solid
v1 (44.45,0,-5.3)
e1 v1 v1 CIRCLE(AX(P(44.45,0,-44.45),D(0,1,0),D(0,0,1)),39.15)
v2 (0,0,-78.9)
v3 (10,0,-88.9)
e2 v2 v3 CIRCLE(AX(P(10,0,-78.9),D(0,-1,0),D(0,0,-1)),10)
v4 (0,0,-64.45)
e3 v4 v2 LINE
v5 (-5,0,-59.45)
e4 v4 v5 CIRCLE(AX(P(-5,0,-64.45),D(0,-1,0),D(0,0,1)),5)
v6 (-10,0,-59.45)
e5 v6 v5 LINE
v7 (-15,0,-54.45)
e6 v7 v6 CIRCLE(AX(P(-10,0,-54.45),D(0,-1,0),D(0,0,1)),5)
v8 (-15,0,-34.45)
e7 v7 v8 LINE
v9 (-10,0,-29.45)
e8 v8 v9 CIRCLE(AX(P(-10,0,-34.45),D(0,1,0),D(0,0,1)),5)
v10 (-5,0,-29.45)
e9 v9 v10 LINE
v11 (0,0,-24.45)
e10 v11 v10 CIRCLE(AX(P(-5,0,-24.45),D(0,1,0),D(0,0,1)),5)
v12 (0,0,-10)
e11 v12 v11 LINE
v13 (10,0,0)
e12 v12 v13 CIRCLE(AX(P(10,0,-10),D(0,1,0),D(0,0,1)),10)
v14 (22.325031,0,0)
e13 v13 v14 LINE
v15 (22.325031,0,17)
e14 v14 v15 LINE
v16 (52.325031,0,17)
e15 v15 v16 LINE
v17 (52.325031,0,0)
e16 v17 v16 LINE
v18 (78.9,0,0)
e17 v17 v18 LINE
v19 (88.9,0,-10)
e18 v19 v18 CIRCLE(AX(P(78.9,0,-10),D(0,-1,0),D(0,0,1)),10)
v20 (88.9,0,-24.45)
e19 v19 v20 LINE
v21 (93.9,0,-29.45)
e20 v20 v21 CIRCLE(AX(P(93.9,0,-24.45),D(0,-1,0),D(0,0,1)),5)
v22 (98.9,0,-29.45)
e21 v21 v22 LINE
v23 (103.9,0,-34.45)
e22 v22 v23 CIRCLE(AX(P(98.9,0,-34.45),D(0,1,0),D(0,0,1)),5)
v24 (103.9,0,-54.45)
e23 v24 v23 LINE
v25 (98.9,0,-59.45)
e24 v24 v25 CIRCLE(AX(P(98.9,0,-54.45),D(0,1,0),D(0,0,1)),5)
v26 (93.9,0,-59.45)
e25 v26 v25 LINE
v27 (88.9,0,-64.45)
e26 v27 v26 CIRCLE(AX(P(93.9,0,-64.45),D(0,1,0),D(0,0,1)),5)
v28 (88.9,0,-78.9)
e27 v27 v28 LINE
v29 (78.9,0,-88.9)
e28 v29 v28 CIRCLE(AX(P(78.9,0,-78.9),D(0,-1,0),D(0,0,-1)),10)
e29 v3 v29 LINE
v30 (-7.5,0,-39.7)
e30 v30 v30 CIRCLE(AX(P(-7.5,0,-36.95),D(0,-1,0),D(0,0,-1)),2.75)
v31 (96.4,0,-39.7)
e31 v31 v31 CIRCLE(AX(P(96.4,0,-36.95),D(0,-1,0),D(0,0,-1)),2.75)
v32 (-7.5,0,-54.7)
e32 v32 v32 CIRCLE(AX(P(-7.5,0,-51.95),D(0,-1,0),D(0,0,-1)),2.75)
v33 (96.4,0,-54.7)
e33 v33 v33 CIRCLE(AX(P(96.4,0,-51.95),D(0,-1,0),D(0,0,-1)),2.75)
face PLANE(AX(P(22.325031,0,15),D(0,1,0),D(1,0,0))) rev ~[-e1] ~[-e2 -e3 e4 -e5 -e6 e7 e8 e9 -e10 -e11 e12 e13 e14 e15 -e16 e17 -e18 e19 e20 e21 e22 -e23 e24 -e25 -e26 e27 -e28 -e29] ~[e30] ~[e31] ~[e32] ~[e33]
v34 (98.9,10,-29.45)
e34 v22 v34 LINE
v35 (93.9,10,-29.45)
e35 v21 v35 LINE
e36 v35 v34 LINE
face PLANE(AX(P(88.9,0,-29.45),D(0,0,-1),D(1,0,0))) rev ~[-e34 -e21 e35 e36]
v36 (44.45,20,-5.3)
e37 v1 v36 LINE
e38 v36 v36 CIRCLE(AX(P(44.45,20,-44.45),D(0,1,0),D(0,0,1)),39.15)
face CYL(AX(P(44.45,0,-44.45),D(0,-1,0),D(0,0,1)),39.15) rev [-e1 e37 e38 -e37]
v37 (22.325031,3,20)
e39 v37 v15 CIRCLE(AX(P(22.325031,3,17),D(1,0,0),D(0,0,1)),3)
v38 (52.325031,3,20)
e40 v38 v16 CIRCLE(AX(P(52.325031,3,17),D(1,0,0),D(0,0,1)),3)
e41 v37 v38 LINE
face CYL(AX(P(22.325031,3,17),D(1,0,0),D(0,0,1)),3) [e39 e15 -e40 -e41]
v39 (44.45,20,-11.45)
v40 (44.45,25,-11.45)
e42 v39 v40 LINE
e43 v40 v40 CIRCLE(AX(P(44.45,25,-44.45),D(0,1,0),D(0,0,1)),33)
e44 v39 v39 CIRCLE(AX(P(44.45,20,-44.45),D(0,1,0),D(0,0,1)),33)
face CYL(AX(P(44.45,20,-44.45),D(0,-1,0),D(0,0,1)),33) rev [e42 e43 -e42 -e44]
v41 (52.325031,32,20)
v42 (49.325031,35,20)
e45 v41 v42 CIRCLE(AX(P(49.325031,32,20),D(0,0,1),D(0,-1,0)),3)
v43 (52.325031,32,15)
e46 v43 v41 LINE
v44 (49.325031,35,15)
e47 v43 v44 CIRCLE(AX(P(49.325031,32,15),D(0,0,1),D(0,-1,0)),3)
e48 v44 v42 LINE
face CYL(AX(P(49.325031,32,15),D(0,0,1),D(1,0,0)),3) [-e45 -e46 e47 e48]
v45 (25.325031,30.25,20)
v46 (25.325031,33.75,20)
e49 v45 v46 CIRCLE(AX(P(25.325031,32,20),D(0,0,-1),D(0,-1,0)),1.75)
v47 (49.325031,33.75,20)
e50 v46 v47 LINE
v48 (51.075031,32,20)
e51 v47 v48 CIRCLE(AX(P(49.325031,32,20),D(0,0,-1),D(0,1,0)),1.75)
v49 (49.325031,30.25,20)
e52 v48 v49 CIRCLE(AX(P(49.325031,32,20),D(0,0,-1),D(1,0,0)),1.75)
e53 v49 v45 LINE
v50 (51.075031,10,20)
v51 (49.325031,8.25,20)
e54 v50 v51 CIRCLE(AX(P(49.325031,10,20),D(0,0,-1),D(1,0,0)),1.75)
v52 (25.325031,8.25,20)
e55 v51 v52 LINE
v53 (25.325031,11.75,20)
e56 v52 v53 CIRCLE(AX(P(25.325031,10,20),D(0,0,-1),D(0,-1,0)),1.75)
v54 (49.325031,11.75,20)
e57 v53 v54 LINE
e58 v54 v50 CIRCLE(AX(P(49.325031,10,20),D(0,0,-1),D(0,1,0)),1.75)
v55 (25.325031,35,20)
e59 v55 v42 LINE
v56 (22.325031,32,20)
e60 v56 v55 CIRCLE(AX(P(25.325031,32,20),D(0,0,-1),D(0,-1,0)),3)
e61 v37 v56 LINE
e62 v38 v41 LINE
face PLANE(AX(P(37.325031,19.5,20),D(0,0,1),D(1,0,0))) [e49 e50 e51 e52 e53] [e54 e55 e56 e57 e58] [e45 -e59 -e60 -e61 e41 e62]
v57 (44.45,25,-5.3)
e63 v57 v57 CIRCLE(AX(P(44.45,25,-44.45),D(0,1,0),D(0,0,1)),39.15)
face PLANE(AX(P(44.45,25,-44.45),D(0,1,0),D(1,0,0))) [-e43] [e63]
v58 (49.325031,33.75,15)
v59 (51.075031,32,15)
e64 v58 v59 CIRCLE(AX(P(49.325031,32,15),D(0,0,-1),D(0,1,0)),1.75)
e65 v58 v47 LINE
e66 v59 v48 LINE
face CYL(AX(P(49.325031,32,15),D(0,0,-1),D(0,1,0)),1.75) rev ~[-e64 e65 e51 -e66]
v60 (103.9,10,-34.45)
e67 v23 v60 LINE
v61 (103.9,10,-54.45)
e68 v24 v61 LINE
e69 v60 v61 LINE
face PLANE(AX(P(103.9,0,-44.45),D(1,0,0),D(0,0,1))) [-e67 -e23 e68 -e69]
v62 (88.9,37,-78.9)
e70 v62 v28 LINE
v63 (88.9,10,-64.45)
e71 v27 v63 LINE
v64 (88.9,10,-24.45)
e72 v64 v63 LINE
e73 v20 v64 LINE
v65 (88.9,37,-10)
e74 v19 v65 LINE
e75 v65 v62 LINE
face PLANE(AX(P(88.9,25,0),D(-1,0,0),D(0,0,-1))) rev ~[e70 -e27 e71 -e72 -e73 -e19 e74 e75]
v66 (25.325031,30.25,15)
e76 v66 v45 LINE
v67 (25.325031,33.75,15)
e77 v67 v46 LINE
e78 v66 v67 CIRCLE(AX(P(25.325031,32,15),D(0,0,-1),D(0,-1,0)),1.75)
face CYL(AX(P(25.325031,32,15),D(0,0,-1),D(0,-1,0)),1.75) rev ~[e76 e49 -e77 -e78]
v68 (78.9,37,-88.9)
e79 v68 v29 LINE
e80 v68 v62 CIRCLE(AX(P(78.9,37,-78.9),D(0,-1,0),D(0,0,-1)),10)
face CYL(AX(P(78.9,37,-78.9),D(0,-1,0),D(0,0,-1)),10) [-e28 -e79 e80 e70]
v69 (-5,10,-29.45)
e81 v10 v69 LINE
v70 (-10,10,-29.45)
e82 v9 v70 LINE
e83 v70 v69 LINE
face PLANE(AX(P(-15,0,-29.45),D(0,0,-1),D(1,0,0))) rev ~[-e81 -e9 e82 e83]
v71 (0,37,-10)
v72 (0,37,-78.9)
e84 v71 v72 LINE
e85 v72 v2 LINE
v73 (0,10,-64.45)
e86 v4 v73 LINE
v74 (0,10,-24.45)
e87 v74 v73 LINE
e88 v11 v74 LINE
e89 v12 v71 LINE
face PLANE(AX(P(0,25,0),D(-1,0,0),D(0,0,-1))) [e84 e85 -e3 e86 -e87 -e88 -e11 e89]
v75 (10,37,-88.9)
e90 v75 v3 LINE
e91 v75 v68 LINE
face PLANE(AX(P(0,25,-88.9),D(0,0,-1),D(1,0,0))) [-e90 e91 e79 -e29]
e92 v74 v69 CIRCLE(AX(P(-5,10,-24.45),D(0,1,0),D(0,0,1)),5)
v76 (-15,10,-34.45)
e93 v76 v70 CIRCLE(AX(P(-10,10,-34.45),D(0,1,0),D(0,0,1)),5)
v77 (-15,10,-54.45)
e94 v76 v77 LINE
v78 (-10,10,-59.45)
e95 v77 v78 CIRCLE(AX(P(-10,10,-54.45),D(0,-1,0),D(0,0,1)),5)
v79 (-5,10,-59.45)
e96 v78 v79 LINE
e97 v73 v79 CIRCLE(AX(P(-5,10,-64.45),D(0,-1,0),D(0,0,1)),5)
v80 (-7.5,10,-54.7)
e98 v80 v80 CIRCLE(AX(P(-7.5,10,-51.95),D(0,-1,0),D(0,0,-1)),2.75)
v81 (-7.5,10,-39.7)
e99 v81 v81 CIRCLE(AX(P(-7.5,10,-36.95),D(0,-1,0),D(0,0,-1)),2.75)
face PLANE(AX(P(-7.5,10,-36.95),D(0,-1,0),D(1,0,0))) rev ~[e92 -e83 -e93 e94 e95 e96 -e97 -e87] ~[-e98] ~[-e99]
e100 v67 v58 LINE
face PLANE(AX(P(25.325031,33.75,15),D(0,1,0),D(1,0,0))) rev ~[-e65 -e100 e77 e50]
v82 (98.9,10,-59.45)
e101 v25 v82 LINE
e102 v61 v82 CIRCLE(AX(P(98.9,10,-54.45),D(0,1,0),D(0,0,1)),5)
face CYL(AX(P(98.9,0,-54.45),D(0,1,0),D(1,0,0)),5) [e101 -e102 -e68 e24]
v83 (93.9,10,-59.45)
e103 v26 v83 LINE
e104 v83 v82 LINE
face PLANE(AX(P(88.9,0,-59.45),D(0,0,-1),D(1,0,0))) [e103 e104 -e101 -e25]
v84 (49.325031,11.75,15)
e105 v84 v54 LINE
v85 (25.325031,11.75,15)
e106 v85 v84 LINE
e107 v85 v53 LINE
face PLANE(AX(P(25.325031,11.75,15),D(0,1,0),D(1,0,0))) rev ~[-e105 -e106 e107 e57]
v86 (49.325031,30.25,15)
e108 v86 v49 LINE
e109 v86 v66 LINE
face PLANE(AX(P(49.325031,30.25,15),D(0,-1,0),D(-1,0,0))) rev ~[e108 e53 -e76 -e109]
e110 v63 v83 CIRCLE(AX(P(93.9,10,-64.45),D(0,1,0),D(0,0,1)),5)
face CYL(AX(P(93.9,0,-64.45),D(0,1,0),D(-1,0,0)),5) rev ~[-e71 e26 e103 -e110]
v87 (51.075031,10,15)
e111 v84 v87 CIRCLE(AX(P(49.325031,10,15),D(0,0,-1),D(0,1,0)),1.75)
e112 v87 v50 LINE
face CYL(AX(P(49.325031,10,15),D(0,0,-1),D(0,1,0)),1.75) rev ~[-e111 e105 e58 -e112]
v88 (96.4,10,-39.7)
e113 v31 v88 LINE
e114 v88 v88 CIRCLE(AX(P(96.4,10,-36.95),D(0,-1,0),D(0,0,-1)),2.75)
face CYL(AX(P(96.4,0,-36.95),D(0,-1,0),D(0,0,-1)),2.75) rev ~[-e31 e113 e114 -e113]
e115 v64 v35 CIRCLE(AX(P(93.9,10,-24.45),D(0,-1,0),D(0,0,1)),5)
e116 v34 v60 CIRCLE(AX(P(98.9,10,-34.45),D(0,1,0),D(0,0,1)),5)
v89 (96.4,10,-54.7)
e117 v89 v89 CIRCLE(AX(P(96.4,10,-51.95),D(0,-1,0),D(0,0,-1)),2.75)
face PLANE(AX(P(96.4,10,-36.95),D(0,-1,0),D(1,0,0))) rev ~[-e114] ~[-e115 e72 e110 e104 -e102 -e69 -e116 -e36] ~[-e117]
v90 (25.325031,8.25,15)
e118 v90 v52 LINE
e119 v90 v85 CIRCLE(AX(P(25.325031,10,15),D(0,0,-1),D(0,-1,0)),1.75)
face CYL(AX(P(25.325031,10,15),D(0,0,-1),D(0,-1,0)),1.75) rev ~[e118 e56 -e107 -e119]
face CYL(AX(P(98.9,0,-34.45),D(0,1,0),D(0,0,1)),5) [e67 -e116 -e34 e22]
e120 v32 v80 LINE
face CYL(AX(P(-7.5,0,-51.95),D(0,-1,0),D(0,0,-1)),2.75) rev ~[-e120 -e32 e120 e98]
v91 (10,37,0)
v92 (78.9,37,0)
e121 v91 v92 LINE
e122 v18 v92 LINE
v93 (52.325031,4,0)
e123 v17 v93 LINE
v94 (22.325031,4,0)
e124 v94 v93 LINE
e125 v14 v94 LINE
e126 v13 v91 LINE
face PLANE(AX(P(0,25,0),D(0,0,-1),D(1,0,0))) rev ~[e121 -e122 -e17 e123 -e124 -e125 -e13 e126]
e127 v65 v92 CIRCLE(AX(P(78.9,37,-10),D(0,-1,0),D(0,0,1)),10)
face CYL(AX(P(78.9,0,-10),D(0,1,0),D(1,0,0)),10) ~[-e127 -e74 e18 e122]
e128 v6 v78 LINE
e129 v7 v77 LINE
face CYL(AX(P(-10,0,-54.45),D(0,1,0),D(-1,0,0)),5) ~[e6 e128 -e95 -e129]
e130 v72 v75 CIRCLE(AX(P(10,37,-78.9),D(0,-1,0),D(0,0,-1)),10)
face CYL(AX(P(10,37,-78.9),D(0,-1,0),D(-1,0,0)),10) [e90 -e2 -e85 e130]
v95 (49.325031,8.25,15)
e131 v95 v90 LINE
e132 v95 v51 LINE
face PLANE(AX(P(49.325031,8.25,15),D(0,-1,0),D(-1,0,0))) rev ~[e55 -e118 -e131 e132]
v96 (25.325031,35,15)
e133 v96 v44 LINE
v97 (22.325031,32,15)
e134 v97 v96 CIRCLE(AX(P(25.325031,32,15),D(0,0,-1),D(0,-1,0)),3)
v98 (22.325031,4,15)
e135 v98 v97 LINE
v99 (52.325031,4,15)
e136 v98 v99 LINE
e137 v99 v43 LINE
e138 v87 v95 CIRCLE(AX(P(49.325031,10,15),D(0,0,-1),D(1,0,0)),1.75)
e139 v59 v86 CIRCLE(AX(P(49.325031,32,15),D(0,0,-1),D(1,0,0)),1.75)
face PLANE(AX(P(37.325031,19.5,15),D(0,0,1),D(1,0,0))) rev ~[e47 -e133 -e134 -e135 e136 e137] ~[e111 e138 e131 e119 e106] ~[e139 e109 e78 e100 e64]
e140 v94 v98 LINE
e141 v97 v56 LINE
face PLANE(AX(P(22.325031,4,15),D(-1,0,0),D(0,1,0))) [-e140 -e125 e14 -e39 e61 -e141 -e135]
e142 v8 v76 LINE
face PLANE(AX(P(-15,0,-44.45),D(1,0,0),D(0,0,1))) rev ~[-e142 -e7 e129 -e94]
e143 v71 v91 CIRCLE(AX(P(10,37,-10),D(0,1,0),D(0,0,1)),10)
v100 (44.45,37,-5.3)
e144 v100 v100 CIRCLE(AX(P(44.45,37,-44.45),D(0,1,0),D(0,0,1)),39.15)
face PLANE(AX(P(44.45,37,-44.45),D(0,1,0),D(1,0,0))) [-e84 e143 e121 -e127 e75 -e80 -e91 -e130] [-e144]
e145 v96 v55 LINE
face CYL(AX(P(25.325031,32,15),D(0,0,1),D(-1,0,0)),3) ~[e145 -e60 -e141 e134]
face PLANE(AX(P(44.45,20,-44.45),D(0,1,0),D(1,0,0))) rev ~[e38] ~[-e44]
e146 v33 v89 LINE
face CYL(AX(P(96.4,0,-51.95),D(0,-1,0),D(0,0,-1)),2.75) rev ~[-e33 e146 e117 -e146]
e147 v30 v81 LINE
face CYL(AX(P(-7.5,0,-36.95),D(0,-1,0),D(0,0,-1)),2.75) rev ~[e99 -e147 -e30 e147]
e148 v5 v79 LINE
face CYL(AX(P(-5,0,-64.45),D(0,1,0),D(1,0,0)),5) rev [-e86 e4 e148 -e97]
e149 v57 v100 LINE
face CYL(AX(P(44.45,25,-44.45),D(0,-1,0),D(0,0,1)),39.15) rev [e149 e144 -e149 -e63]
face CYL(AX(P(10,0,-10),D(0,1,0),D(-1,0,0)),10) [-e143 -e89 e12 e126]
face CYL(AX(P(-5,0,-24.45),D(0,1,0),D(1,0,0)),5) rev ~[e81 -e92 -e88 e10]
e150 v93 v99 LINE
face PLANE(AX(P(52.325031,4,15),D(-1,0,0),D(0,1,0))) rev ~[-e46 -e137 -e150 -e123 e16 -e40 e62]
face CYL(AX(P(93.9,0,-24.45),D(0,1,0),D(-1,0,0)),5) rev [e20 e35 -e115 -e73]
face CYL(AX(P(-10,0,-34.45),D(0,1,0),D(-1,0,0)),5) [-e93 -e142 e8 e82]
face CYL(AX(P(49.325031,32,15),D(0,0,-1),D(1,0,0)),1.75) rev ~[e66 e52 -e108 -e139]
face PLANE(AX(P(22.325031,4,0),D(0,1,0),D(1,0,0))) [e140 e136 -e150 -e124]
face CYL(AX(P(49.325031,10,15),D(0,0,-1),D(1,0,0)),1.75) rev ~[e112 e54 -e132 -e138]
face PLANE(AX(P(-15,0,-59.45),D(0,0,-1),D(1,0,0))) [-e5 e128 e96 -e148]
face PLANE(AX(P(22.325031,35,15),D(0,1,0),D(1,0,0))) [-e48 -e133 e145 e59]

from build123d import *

# Parameters (mm, degrees)
SKETCH1_W           = 88.9
SKETCH1_H           = 88.9
SKETCH1_R           = 39.15
BOSS_EXTRUDE1_DEPTH = 20
SKETCH2_W           = 88.9
SKETCH2_H           = 88.9
SKETCH2_R           = 33
BOSS_EXTRUDE3_DEPTH = 5
SKETCH3_W           = 88.9
SKETCH3_H           = 88.9
SKETCH3_R           = 39.15
BOSS_EXTRUDE4_DEPTH = 12
SKETCH4_W           = 15
SKETCH4_H           = 15
SKETCH4_R           = 2.75
BOSS_EXTRUDE5_DEPTH = 10
FILLET1_R           = 5
FILLET2_R           = 10
SKETCH5_W           = 30
SKETCH5_H           = 4
BOSS_EXTRUDE6_DEPTH = 15
SKETCH6_W           = 30
SKETCH6_H           = 31
SKETCH6_H_2         = 4
BOSS_EXTRUDE7_DEPTH = 5
FILLET3_R           = 3


with BuildPart() as part:
    # Sketch1 → Boss-Extrude1 (new body)
    with BuildSketch(Plane(origin=(0, 0, 0), x_dir=(1, 0, 0), z_dir=(0, 1, 0))):
        with Locations((44.45, 44.45)):
            Rectangle(SKETCH1_W, SKETCH1_H)
        with Locations(Location((44.45, 44.45, 0), (0, 0, 270))):
            Circle(SKETCH1_R, mode=Mode.SUBTRACT)
    extrude(amount=BOSS_EXTRUDE1_DEPTH)

    # Sketch2 → Boss-Extrude3 (add)
    with BuildSketch(Plane(origin=(0, 20, 0), x_dir=(1, 0, 0), z_dir=(0, 1, 0))):
        with Locations((44.45, 44.45)):
            Rectangle(SKETCH2_W, SKETCH2_H)
        with Locations(Location((44.45, 44.45, 0), (0, 0, 270))):
            Circle(SKETCH2_R, mode=Mode.SUBTRACT)
    extrude(amount=BOSS_EXTRUDE3_DEPTH)

    # Sketch3 → Boss-Extrude4 (add)
    with BuildSketch(Plane(origin=(0, 25, 0), x_dir=(1, 0, 0), z_dir=(0, 1, 0))):
        with Locations((44.45, 44.45)):
            Rectangle(SKETCH3_W, SKETCH3_H)
        with Locations(Location((44.45, 44.45, 0), (0, 0, 270))):
            Circle(SKETCH3_R, mode=Mode.SUBTRACT)
    extrude(amount=BOSS_EXTRUDE4_DEPTH)

    # Sketch4 → Boss-Extrude5 (add)
    # profile 1 of 4: a face of its own
    with BuildSketch(Plane.XZ):
        with Locations((-7.5, -36.95)):
            Rectangle(SKETCH4_W, SKETCH4_H)
        with Locations(Location((-7.5, -36.95, 0), (0, 0, 270))):
            Circle(SKETCH4_R, mode=Mode.SUBTRACT)
    # profile 2 of 4: a face of its own
    with BuildSketch(Plane.XZ):
        with Locations((-7.5, -51.95)):
            Rectangle(SKETCH4_W, SKETCH4_H)
        with Locations(Location((-7.5, -51.95, 0), (0, 0, 270))):
            Circle(SKETCH4_R, mode=Mode.SUBTRACT)
    # profile 3 of 4: a face of its own
    with BuildSketch(Plane.XZ):
        with Locations((96.4, -36.95)):
            Rectangle(SKETCH4_W, SKETCH4_H)
        with Locations(Location((96.4, -36.95, 0), (0, 0, 270))):
            Circle(SKETCH4_R, mode=Mode.SUBTRACT)
    # profile 4 of 4: a face of its own
    with BuildSketch(Plane.XZ):
        with Locations((96.4, -51.95)):
            Rectangle(SKETCH4_W, SKETCH4_H)
        with Locations(Location((96.4, -51.95, 0), (0, 0, 270))):
            Circle(SKETCH4_R, mode=Mode.SUBTRACT)
    extrude(amount=-BOSS_EXTRUDE5_DEPTH)

    # Fillet1
    fillet1_edges = [part.edges().sort_by_distance(p)[0] for p in [
        (-15, 5, -59.45),
        (-15, 5, -29.45),
        (0, 5, -29.45),
        (0, 5, -59.45),
        (88.9, 5, -59.45),
        (88.9, 5, -29.45),
        (103.9, 5, -29.45),
        (103.9, 5, -59.45),
    ]]
    fillet(fillet1_edges, radius=FILLET1_R)

    # Fillet2
    fillet2_edges = [part.edges().sort_by_distance(p)[0] for p in [
        (0, 18.5, 0),
        (0, 18.5, -88.9),
        (88.9, 18.5, -88.9),
        (88.9, 18.5, 0),
    ]]
    fillet(fillet2_edges, radius=FILLET2_R)

    # Sketch5 → Boss-Extrude6 (add)
    with BuildSketch(Plane.XY):
        with Locations((37.32503103, 2)):
            Rectangle(SKETCH5_W, SKETCH5_H)
    extrude(amount=BOSS_EXTRUDE6_DEPTH)

    # Sketch6 → Boss-Extrude7 (add)
    # profile 1 of 2: a face of its own
    with BuildSketch(Plane.XY.offset(15)):
        with Locations((37.32503103, 19.5)):
            Rectangle(SKETCH6_W, SKETCH6_H)
        with BuildLine():
            ThreePointArc((25.32503103, 8.25), (23.57503103, 10), (25.32503103, 11.75))
            Line((25.32503103, 11.75), (49.32503103, 11.75))
            ThreePointArc((49.32503103, 11.75), (50.562467897, 11.237436867), (51.07503103, 10))
            ThreePointArc((51.07503103, 10), (50.562467897, 8.762563133), (49.32503103, 8.25))
            Line((49.32503103, 8.25), (25.32503103, 8.25))
        make_face(mode=Mode.SUBTRACT)
        with BuildLine():
            ThreePointArc((25.32503103, 30.25), (23.57503103, 32), (25.32503103, 33.75))
            Line((25.32503103, 33.75), (49.32503103, 33.75))
            ThreePointArc((49.32503103, 33.75), (50.562467897, 33.237436867), (51.07503103, 32))
            ThreePointArc((51.07503103, 32), (50.562467897, 30.762563133), (49.32503103, 30.25))
            Line((49.32503103, 30.25), (25.32503103, 30.25))
        make_face(mode=Mode.SUBTRACT)
    # profile 2 of 2: a face of its own
    with BuildSketch(Plane.XY.offset(15)):
        with Locations((37.32503103, 2)):
            Rectangle(SKETCH6_W, SKETCH6_H_2)
    extrude(amount=BOSS_EXTRUDE7_DEPTH)

    # Fillet3
    fillet3_edges = [part.edges().sort_by_distance(p)[0] for p in [
        (22.32503103, 35, 17.5),
        (52.32503103, 35, 17.5),
        (37.32503103, 0, 20),
    ]]
    fillet(fillet3_edges, radius=FILLET3_R)


solid = part.part
